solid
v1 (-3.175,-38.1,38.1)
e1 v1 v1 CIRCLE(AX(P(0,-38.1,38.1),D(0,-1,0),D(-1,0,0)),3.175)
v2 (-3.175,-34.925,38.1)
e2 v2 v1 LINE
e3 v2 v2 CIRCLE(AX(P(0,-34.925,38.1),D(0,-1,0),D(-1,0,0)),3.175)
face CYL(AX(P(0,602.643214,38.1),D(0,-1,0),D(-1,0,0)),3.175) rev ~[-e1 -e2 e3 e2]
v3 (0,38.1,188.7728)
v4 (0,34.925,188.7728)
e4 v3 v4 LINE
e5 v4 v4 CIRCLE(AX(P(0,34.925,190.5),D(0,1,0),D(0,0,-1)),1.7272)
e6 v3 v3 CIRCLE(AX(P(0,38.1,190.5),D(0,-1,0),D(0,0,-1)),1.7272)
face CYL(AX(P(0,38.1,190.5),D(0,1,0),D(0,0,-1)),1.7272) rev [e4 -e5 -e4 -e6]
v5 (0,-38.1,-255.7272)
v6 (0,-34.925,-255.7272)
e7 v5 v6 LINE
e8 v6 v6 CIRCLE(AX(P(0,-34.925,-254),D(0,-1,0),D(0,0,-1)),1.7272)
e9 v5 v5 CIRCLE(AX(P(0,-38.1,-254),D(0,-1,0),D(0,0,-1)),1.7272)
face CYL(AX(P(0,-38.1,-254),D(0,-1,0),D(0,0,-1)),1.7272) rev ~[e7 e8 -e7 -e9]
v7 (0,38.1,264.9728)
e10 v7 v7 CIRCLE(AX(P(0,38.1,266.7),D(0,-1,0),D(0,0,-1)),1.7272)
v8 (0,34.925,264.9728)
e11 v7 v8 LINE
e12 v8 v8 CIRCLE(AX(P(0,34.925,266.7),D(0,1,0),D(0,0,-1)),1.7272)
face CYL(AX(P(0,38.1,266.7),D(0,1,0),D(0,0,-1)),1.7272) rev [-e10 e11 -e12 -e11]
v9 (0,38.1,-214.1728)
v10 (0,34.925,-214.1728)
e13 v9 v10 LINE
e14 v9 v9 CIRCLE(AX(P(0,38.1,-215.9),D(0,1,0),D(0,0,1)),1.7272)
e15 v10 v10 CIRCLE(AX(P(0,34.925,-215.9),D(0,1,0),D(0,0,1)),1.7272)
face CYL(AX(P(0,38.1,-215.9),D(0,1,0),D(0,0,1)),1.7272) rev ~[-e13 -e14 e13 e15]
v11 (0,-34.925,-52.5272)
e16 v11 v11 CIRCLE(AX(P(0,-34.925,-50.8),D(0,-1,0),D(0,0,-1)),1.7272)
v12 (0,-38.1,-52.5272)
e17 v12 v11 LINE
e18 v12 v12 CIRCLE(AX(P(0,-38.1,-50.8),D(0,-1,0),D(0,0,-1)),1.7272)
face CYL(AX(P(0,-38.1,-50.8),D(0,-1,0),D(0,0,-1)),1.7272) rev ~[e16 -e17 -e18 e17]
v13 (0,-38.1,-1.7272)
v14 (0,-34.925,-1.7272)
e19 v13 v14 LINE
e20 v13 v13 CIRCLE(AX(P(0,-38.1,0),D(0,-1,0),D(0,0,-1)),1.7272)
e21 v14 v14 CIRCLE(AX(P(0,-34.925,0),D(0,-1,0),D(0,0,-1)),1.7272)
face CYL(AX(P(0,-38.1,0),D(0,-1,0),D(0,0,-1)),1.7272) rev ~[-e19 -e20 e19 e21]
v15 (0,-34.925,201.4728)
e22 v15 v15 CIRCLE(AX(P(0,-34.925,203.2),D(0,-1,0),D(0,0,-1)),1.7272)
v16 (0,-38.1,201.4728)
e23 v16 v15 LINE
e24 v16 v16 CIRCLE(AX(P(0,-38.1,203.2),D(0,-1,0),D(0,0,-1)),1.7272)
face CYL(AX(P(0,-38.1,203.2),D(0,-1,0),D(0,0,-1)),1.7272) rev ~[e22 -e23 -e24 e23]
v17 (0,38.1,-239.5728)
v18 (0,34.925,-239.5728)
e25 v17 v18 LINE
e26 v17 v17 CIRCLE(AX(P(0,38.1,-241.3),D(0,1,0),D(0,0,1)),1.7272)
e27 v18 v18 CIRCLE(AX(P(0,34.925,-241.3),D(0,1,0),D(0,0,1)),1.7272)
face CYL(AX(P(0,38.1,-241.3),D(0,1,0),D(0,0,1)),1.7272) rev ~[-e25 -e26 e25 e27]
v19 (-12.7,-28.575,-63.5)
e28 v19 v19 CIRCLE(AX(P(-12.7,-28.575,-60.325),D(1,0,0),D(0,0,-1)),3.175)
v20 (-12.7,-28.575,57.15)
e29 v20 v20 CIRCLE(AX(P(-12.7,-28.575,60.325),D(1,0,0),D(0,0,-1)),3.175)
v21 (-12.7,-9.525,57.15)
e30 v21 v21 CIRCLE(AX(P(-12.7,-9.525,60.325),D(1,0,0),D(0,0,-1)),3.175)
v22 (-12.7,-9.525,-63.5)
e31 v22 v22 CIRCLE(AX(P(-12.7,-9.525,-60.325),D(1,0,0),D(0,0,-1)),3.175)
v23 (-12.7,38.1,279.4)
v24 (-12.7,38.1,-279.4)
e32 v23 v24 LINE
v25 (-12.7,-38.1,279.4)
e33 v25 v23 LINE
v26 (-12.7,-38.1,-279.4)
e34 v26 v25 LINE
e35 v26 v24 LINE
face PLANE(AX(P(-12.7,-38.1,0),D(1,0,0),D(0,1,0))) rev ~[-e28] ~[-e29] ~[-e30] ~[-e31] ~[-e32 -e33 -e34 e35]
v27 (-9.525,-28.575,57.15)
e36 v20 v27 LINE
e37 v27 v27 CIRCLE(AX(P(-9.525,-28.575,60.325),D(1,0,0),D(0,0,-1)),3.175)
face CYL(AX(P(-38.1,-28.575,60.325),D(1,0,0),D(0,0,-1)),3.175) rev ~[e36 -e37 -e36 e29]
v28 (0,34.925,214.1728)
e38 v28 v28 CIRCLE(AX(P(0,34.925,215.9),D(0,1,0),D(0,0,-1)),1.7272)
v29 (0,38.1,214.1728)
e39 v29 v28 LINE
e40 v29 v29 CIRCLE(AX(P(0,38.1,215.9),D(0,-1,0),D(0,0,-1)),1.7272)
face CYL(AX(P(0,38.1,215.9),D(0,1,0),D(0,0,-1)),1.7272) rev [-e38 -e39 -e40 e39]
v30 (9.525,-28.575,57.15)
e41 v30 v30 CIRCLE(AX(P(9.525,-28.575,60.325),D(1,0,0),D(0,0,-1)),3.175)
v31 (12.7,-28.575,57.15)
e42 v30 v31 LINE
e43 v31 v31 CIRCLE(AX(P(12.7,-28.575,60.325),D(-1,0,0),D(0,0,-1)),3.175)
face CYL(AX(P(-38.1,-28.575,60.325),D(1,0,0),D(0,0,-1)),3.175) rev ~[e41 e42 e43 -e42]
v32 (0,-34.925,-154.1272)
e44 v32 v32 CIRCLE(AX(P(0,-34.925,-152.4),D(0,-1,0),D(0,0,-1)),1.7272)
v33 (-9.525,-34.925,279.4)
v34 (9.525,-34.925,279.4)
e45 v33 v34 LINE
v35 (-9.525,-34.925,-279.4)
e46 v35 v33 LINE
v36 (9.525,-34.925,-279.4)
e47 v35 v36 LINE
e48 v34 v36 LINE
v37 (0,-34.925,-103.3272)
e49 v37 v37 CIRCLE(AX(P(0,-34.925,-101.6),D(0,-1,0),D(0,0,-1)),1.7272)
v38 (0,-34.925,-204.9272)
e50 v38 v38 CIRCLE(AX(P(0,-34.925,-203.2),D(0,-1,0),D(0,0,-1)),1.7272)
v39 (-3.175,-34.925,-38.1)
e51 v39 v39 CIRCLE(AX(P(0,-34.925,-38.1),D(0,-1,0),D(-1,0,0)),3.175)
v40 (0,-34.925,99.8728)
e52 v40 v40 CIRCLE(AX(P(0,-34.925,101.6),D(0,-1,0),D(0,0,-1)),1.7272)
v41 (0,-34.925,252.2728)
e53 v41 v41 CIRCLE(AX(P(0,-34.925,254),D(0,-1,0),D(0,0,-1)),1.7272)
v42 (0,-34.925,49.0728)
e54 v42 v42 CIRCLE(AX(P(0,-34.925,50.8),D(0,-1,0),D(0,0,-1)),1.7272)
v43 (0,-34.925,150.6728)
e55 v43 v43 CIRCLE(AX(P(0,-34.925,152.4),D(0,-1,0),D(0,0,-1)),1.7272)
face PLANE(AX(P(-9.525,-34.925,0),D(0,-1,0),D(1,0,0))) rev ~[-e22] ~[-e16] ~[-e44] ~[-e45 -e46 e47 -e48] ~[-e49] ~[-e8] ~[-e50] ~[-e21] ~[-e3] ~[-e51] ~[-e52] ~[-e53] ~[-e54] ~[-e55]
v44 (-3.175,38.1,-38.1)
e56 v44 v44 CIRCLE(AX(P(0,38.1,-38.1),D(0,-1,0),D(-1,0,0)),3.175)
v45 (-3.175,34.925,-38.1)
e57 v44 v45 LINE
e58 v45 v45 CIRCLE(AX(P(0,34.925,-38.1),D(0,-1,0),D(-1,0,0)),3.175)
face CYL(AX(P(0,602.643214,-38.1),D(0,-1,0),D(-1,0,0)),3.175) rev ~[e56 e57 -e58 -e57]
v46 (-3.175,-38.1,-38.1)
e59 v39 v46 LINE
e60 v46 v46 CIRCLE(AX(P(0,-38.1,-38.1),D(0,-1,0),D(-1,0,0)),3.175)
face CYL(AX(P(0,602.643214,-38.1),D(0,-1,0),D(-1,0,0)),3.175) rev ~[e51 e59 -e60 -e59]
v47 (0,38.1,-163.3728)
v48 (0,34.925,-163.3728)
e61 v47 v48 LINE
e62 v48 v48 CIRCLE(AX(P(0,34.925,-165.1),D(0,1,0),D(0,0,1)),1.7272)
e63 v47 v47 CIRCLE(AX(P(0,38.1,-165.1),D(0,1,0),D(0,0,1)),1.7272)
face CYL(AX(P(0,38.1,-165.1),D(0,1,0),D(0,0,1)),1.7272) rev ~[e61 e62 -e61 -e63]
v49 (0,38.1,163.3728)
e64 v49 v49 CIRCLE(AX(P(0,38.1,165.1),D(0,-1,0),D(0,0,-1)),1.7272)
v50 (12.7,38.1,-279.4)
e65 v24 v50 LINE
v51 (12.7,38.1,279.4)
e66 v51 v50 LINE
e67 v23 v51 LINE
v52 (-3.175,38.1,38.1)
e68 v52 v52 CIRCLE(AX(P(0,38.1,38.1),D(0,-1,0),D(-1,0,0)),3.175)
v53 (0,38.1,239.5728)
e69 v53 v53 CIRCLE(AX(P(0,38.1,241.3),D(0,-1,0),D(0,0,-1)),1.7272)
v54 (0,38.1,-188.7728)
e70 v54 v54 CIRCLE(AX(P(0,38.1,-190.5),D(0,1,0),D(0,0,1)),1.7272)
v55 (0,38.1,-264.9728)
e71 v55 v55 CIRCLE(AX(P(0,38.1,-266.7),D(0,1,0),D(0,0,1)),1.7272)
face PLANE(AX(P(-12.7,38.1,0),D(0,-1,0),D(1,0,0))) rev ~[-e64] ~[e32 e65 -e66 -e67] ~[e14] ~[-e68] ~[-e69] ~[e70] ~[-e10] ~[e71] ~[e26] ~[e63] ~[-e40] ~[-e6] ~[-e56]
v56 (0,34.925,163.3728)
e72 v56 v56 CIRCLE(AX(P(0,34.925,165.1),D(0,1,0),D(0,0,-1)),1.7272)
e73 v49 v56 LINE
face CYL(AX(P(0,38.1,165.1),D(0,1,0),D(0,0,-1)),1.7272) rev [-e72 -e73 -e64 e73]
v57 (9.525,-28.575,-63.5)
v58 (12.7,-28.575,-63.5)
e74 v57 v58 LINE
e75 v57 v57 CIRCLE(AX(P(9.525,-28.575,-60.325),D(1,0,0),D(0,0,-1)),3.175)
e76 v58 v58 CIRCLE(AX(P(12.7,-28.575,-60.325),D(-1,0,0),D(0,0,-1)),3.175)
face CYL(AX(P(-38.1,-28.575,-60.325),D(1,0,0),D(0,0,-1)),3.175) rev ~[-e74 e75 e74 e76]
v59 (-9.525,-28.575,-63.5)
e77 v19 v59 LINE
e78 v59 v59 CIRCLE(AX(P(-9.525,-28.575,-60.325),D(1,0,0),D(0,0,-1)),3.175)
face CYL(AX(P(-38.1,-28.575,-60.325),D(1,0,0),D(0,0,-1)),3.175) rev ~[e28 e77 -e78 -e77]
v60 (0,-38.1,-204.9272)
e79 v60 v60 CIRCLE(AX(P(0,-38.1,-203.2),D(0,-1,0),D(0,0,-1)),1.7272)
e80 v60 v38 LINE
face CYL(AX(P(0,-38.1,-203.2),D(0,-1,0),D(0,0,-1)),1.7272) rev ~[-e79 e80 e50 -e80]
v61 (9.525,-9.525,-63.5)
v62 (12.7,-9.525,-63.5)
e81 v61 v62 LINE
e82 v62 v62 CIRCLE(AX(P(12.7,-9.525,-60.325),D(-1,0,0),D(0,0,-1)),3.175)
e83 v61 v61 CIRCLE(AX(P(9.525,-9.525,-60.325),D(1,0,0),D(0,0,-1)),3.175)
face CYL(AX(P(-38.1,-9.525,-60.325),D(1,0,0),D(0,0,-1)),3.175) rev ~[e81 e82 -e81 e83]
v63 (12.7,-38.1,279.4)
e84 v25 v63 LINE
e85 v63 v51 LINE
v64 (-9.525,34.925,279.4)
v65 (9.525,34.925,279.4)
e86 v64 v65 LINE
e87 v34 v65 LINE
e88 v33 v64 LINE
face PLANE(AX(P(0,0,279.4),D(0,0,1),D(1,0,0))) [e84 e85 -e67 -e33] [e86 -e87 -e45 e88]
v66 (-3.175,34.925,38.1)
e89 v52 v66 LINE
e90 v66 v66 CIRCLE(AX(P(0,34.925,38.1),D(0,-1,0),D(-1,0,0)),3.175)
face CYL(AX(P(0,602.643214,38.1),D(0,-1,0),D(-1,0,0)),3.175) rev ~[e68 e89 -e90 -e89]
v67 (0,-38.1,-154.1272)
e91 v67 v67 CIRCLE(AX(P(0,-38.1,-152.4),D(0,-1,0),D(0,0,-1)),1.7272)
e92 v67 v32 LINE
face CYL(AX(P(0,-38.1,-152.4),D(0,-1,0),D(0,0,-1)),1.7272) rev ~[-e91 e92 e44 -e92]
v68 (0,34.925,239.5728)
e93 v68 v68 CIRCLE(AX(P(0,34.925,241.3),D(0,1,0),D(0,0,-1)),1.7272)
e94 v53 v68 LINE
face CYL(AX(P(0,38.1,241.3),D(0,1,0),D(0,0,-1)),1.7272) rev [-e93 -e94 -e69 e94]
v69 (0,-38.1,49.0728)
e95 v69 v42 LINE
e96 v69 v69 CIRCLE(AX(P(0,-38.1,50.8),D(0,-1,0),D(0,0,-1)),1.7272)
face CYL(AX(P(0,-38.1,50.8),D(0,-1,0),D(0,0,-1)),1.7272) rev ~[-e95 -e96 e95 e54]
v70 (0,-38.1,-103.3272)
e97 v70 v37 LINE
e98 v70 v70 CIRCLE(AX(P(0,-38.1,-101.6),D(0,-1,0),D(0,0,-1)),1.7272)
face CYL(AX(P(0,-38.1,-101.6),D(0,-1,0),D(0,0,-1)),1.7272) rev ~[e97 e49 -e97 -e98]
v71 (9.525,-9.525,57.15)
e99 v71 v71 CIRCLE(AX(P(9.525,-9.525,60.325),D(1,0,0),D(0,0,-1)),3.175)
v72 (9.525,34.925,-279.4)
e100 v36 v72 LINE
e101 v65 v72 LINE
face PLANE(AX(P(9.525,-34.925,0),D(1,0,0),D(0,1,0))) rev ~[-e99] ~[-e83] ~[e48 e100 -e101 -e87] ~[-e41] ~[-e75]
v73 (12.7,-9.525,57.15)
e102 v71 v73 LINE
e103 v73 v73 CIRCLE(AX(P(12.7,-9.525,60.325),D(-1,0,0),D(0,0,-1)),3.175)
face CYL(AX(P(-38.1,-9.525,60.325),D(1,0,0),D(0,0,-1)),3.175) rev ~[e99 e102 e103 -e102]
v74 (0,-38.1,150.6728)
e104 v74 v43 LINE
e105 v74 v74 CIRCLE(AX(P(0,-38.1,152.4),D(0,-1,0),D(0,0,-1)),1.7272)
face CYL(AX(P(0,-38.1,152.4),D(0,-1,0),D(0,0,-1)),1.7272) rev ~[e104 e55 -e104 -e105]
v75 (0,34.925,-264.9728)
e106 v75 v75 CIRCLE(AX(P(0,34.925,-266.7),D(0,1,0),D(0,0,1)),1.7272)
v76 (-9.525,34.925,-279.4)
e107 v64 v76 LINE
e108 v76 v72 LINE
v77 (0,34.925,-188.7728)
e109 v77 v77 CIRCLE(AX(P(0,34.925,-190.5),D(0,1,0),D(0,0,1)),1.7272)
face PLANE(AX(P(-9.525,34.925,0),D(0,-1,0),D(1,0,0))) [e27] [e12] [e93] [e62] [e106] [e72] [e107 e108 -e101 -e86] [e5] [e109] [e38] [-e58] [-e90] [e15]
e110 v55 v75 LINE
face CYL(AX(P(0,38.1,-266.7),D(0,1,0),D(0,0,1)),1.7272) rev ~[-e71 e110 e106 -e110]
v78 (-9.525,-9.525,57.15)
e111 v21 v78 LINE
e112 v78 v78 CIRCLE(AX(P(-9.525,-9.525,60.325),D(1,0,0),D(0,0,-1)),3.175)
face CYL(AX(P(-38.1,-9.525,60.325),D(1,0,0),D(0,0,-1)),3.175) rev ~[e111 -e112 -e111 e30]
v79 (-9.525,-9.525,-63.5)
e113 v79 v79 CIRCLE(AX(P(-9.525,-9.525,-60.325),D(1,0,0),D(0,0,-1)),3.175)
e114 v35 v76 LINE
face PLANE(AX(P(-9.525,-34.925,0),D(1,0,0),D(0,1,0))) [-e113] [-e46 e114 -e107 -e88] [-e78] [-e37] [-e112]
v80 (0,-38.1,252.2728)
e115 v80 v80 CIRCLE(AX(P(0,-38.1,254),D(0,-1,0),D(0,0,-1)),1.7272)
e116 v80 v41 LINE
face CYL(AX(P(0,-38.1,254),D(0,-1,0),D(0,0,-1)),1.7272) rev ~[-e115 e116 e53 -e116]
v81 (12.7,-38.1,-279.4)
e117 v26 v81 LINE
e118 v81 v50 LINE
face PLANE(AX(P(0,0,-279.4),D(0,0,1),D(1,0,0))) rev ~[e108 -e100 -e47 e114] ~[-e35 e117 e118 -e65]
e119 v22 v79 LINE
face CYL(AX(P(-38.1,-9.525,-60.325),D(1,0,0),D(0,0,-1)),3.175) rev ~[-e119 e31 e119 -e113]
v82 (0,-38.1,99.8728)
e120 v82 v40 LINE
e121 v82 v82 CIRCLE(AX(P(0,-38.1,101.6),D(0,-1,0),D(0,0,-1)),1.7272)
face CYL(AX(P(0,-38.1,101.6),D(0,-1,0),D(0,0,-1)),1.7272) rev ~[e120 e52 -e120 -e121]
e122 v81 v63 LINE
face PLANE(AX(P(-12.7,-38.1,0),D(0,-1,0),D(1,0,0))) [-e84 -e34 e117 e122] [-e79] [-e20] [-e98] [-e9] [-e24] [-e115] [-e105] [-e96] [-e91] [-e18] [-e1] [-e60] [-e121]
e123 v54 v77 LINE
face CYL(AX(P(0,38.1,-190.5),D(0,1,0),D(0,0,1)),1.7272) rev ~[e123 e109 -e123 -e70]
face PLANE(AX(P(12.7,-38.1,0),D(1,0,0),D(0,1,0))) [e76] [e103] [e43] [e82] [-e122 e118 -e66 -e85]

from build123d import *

# Parameters (mm, degrees)
SKETCH1_W                       = 25.4
SKETCH1_H                       = 76.2
SKETCH1_W_2                     = 19.05
SKETCH1_H_2                     = 69.85
BOSS_EXTRUDE1_DEPTH             = 279.4
SKETCH3_R                       = 1.7272
CUT_EXTRUDE2_DEPTH              = 6.35
F_1_4_0_25_DIAMETER_HOLE1_D     = 6.35
F_1_4_0_25_DIAMETER_HOLE1_DEPTH = 25.4
F_1_4_0_25_DIAMETER_HOLE1_TIP   = 1.907732465
F_1_4_0_25_DIAMETER_HOLE2_D     = 6.35
SKETCH2_R                       = 1.7272
CUT_EXTRUDE4_DEPTH              = 6.35


with BuildPart() as part:
    # Sketch1 → Boss-Extrude1 (new, symmetric)
    with BuildSketch(Plane.XY):
        Rectangle(SKETCH1_W, SKETCH1_H)
        Rectangle(SKETCH1_W_2, SKETCH1_H_2, mode=Mode.SUBTRACT)
    extrude(amount=BOSS_EXTRUDE1_DEPTH, both=True)

    # Sketch3 → Cut-Extrude2 (cut)
    with BuildSketch(Plane.XZ.offset(38.1)):
        with Locations(Location((0, 254, 0), (0, 0, 270))):
            Circle(SKETCH3_R)
        with Locations(Location((0, 203.2, 0), (0, 0, 270))):
            Circle(SKETCH3_R)
        with Locations(Location((0, 152.4, 0), (0, 0, 270))):
            Circle(SKETCH3_R)
        with Locations(Location((0, 101.6, 0), (0, 0, 270))):
            Circle(SKETCH3_R)
        with Locations(Location((0, 50.8, 0), (0, 0, 270))):
            Circle(SKETCH3_R)
        with Locations(Location((0, 0, 0), (0, 0, 270))):
            Circle(SKETCH3_R)
        with Locations(Location((0, -50.8, 0), (0, 0, 270))):
            Circle(SKETCH3_R)
        with Locations(Location((0, -101.6, 0), (0, 0, 270))):
            Circle(SKETCH3_R)
        with Locations(Location((0, -152.4, 0), (0, 0, 270))):
            Circle(SKETCH3_R)
        with Locations(Location((0, -203.2, 0), (0, 0, 270))):
            Circle(SKETCH3_R)
        with Locations(Location((0, -254, 0), (0, 0, 270))):
            Circle(SKETCH3_R)
    extrude(amount=-CUT_EXTRUDE2_DEPTH, mode=Mode.SUBTRACT)

    # 1/4 (0.25) Diameter Hole1
    with Locations(Plane.ZY.offset(12.7)):
        with Locations((-60.325, -28.575), (60.325, -28.575), (-60.325, -9.525), (60.325, -9.525)):
            Hole(F_1_4_0_25_DIAMETER_HOLE1_D / 2, depth=F_1_4_0_25_DIAMETER_HOLE1_DEPTH)
            with Locations((0, 0, -(F_1_4_0_25_DIAMETER_HOLE1_DEPTH + F_1_4_0_25_DIAMETER_HOLE1_TIP / 2))):  # 118° drill point
                Cone(0, F_1_4_0_25_DIAMETER_HOLE1_D / 2, F_1_4_0_25_DIAMETER_HOLE1_TIP, mode=Mode.SUBTRACT)

    # 1/4 (0.25) Diameter Hole2 (through all)
    with Locations(Plane(origin=(0, 38.1, 0), x_dir=(1, 0, 0), z_dir=(0, 1, 0))):
        with Locations((0, -38.1), (0, 38.1)):
            Hole(F_1_4_0_25_DIAMETER_HOLE2_D / 2)

    # Sketch2 → Cut-Extrude4 (cut)
    with BuildSketch(Plane(origin=(0, 38.1, 0), x_dir=(1, 0, 0), z_dir=(0, 1, 0))):
        with Locations(Location((0, 266.7, 0), (0, 0, 270))):
            Circle(SKETCH2_R)
        with Locations(Location((0, 241.3, 0), (0, 0, 270))):
            Circle(SKETCH2_R)
        with Locations(Location((0, 215.9, 0), (0, 0, 270))):
            Circle(SKETCH2_R)
        with Locations(Location((0, 190.5, 0), (0, 0, 270))):
            Circle(SKETCH2_R)
        with Locations(Location((0, 165.1, 0), (0, 0, 270))):
            Circle(SKETCH2_R)
    cut_extrude4 = extrude(amount=-CUT_EXTRUDE4_DEPTH, mode=Mode.SUBTRACT)

    # Mirror1: Cut-Extrude4 across plane
    add(cut_extrude4.mirror(Plane.XY), mode=Mode.SUBTRACT)


solid = part.part
